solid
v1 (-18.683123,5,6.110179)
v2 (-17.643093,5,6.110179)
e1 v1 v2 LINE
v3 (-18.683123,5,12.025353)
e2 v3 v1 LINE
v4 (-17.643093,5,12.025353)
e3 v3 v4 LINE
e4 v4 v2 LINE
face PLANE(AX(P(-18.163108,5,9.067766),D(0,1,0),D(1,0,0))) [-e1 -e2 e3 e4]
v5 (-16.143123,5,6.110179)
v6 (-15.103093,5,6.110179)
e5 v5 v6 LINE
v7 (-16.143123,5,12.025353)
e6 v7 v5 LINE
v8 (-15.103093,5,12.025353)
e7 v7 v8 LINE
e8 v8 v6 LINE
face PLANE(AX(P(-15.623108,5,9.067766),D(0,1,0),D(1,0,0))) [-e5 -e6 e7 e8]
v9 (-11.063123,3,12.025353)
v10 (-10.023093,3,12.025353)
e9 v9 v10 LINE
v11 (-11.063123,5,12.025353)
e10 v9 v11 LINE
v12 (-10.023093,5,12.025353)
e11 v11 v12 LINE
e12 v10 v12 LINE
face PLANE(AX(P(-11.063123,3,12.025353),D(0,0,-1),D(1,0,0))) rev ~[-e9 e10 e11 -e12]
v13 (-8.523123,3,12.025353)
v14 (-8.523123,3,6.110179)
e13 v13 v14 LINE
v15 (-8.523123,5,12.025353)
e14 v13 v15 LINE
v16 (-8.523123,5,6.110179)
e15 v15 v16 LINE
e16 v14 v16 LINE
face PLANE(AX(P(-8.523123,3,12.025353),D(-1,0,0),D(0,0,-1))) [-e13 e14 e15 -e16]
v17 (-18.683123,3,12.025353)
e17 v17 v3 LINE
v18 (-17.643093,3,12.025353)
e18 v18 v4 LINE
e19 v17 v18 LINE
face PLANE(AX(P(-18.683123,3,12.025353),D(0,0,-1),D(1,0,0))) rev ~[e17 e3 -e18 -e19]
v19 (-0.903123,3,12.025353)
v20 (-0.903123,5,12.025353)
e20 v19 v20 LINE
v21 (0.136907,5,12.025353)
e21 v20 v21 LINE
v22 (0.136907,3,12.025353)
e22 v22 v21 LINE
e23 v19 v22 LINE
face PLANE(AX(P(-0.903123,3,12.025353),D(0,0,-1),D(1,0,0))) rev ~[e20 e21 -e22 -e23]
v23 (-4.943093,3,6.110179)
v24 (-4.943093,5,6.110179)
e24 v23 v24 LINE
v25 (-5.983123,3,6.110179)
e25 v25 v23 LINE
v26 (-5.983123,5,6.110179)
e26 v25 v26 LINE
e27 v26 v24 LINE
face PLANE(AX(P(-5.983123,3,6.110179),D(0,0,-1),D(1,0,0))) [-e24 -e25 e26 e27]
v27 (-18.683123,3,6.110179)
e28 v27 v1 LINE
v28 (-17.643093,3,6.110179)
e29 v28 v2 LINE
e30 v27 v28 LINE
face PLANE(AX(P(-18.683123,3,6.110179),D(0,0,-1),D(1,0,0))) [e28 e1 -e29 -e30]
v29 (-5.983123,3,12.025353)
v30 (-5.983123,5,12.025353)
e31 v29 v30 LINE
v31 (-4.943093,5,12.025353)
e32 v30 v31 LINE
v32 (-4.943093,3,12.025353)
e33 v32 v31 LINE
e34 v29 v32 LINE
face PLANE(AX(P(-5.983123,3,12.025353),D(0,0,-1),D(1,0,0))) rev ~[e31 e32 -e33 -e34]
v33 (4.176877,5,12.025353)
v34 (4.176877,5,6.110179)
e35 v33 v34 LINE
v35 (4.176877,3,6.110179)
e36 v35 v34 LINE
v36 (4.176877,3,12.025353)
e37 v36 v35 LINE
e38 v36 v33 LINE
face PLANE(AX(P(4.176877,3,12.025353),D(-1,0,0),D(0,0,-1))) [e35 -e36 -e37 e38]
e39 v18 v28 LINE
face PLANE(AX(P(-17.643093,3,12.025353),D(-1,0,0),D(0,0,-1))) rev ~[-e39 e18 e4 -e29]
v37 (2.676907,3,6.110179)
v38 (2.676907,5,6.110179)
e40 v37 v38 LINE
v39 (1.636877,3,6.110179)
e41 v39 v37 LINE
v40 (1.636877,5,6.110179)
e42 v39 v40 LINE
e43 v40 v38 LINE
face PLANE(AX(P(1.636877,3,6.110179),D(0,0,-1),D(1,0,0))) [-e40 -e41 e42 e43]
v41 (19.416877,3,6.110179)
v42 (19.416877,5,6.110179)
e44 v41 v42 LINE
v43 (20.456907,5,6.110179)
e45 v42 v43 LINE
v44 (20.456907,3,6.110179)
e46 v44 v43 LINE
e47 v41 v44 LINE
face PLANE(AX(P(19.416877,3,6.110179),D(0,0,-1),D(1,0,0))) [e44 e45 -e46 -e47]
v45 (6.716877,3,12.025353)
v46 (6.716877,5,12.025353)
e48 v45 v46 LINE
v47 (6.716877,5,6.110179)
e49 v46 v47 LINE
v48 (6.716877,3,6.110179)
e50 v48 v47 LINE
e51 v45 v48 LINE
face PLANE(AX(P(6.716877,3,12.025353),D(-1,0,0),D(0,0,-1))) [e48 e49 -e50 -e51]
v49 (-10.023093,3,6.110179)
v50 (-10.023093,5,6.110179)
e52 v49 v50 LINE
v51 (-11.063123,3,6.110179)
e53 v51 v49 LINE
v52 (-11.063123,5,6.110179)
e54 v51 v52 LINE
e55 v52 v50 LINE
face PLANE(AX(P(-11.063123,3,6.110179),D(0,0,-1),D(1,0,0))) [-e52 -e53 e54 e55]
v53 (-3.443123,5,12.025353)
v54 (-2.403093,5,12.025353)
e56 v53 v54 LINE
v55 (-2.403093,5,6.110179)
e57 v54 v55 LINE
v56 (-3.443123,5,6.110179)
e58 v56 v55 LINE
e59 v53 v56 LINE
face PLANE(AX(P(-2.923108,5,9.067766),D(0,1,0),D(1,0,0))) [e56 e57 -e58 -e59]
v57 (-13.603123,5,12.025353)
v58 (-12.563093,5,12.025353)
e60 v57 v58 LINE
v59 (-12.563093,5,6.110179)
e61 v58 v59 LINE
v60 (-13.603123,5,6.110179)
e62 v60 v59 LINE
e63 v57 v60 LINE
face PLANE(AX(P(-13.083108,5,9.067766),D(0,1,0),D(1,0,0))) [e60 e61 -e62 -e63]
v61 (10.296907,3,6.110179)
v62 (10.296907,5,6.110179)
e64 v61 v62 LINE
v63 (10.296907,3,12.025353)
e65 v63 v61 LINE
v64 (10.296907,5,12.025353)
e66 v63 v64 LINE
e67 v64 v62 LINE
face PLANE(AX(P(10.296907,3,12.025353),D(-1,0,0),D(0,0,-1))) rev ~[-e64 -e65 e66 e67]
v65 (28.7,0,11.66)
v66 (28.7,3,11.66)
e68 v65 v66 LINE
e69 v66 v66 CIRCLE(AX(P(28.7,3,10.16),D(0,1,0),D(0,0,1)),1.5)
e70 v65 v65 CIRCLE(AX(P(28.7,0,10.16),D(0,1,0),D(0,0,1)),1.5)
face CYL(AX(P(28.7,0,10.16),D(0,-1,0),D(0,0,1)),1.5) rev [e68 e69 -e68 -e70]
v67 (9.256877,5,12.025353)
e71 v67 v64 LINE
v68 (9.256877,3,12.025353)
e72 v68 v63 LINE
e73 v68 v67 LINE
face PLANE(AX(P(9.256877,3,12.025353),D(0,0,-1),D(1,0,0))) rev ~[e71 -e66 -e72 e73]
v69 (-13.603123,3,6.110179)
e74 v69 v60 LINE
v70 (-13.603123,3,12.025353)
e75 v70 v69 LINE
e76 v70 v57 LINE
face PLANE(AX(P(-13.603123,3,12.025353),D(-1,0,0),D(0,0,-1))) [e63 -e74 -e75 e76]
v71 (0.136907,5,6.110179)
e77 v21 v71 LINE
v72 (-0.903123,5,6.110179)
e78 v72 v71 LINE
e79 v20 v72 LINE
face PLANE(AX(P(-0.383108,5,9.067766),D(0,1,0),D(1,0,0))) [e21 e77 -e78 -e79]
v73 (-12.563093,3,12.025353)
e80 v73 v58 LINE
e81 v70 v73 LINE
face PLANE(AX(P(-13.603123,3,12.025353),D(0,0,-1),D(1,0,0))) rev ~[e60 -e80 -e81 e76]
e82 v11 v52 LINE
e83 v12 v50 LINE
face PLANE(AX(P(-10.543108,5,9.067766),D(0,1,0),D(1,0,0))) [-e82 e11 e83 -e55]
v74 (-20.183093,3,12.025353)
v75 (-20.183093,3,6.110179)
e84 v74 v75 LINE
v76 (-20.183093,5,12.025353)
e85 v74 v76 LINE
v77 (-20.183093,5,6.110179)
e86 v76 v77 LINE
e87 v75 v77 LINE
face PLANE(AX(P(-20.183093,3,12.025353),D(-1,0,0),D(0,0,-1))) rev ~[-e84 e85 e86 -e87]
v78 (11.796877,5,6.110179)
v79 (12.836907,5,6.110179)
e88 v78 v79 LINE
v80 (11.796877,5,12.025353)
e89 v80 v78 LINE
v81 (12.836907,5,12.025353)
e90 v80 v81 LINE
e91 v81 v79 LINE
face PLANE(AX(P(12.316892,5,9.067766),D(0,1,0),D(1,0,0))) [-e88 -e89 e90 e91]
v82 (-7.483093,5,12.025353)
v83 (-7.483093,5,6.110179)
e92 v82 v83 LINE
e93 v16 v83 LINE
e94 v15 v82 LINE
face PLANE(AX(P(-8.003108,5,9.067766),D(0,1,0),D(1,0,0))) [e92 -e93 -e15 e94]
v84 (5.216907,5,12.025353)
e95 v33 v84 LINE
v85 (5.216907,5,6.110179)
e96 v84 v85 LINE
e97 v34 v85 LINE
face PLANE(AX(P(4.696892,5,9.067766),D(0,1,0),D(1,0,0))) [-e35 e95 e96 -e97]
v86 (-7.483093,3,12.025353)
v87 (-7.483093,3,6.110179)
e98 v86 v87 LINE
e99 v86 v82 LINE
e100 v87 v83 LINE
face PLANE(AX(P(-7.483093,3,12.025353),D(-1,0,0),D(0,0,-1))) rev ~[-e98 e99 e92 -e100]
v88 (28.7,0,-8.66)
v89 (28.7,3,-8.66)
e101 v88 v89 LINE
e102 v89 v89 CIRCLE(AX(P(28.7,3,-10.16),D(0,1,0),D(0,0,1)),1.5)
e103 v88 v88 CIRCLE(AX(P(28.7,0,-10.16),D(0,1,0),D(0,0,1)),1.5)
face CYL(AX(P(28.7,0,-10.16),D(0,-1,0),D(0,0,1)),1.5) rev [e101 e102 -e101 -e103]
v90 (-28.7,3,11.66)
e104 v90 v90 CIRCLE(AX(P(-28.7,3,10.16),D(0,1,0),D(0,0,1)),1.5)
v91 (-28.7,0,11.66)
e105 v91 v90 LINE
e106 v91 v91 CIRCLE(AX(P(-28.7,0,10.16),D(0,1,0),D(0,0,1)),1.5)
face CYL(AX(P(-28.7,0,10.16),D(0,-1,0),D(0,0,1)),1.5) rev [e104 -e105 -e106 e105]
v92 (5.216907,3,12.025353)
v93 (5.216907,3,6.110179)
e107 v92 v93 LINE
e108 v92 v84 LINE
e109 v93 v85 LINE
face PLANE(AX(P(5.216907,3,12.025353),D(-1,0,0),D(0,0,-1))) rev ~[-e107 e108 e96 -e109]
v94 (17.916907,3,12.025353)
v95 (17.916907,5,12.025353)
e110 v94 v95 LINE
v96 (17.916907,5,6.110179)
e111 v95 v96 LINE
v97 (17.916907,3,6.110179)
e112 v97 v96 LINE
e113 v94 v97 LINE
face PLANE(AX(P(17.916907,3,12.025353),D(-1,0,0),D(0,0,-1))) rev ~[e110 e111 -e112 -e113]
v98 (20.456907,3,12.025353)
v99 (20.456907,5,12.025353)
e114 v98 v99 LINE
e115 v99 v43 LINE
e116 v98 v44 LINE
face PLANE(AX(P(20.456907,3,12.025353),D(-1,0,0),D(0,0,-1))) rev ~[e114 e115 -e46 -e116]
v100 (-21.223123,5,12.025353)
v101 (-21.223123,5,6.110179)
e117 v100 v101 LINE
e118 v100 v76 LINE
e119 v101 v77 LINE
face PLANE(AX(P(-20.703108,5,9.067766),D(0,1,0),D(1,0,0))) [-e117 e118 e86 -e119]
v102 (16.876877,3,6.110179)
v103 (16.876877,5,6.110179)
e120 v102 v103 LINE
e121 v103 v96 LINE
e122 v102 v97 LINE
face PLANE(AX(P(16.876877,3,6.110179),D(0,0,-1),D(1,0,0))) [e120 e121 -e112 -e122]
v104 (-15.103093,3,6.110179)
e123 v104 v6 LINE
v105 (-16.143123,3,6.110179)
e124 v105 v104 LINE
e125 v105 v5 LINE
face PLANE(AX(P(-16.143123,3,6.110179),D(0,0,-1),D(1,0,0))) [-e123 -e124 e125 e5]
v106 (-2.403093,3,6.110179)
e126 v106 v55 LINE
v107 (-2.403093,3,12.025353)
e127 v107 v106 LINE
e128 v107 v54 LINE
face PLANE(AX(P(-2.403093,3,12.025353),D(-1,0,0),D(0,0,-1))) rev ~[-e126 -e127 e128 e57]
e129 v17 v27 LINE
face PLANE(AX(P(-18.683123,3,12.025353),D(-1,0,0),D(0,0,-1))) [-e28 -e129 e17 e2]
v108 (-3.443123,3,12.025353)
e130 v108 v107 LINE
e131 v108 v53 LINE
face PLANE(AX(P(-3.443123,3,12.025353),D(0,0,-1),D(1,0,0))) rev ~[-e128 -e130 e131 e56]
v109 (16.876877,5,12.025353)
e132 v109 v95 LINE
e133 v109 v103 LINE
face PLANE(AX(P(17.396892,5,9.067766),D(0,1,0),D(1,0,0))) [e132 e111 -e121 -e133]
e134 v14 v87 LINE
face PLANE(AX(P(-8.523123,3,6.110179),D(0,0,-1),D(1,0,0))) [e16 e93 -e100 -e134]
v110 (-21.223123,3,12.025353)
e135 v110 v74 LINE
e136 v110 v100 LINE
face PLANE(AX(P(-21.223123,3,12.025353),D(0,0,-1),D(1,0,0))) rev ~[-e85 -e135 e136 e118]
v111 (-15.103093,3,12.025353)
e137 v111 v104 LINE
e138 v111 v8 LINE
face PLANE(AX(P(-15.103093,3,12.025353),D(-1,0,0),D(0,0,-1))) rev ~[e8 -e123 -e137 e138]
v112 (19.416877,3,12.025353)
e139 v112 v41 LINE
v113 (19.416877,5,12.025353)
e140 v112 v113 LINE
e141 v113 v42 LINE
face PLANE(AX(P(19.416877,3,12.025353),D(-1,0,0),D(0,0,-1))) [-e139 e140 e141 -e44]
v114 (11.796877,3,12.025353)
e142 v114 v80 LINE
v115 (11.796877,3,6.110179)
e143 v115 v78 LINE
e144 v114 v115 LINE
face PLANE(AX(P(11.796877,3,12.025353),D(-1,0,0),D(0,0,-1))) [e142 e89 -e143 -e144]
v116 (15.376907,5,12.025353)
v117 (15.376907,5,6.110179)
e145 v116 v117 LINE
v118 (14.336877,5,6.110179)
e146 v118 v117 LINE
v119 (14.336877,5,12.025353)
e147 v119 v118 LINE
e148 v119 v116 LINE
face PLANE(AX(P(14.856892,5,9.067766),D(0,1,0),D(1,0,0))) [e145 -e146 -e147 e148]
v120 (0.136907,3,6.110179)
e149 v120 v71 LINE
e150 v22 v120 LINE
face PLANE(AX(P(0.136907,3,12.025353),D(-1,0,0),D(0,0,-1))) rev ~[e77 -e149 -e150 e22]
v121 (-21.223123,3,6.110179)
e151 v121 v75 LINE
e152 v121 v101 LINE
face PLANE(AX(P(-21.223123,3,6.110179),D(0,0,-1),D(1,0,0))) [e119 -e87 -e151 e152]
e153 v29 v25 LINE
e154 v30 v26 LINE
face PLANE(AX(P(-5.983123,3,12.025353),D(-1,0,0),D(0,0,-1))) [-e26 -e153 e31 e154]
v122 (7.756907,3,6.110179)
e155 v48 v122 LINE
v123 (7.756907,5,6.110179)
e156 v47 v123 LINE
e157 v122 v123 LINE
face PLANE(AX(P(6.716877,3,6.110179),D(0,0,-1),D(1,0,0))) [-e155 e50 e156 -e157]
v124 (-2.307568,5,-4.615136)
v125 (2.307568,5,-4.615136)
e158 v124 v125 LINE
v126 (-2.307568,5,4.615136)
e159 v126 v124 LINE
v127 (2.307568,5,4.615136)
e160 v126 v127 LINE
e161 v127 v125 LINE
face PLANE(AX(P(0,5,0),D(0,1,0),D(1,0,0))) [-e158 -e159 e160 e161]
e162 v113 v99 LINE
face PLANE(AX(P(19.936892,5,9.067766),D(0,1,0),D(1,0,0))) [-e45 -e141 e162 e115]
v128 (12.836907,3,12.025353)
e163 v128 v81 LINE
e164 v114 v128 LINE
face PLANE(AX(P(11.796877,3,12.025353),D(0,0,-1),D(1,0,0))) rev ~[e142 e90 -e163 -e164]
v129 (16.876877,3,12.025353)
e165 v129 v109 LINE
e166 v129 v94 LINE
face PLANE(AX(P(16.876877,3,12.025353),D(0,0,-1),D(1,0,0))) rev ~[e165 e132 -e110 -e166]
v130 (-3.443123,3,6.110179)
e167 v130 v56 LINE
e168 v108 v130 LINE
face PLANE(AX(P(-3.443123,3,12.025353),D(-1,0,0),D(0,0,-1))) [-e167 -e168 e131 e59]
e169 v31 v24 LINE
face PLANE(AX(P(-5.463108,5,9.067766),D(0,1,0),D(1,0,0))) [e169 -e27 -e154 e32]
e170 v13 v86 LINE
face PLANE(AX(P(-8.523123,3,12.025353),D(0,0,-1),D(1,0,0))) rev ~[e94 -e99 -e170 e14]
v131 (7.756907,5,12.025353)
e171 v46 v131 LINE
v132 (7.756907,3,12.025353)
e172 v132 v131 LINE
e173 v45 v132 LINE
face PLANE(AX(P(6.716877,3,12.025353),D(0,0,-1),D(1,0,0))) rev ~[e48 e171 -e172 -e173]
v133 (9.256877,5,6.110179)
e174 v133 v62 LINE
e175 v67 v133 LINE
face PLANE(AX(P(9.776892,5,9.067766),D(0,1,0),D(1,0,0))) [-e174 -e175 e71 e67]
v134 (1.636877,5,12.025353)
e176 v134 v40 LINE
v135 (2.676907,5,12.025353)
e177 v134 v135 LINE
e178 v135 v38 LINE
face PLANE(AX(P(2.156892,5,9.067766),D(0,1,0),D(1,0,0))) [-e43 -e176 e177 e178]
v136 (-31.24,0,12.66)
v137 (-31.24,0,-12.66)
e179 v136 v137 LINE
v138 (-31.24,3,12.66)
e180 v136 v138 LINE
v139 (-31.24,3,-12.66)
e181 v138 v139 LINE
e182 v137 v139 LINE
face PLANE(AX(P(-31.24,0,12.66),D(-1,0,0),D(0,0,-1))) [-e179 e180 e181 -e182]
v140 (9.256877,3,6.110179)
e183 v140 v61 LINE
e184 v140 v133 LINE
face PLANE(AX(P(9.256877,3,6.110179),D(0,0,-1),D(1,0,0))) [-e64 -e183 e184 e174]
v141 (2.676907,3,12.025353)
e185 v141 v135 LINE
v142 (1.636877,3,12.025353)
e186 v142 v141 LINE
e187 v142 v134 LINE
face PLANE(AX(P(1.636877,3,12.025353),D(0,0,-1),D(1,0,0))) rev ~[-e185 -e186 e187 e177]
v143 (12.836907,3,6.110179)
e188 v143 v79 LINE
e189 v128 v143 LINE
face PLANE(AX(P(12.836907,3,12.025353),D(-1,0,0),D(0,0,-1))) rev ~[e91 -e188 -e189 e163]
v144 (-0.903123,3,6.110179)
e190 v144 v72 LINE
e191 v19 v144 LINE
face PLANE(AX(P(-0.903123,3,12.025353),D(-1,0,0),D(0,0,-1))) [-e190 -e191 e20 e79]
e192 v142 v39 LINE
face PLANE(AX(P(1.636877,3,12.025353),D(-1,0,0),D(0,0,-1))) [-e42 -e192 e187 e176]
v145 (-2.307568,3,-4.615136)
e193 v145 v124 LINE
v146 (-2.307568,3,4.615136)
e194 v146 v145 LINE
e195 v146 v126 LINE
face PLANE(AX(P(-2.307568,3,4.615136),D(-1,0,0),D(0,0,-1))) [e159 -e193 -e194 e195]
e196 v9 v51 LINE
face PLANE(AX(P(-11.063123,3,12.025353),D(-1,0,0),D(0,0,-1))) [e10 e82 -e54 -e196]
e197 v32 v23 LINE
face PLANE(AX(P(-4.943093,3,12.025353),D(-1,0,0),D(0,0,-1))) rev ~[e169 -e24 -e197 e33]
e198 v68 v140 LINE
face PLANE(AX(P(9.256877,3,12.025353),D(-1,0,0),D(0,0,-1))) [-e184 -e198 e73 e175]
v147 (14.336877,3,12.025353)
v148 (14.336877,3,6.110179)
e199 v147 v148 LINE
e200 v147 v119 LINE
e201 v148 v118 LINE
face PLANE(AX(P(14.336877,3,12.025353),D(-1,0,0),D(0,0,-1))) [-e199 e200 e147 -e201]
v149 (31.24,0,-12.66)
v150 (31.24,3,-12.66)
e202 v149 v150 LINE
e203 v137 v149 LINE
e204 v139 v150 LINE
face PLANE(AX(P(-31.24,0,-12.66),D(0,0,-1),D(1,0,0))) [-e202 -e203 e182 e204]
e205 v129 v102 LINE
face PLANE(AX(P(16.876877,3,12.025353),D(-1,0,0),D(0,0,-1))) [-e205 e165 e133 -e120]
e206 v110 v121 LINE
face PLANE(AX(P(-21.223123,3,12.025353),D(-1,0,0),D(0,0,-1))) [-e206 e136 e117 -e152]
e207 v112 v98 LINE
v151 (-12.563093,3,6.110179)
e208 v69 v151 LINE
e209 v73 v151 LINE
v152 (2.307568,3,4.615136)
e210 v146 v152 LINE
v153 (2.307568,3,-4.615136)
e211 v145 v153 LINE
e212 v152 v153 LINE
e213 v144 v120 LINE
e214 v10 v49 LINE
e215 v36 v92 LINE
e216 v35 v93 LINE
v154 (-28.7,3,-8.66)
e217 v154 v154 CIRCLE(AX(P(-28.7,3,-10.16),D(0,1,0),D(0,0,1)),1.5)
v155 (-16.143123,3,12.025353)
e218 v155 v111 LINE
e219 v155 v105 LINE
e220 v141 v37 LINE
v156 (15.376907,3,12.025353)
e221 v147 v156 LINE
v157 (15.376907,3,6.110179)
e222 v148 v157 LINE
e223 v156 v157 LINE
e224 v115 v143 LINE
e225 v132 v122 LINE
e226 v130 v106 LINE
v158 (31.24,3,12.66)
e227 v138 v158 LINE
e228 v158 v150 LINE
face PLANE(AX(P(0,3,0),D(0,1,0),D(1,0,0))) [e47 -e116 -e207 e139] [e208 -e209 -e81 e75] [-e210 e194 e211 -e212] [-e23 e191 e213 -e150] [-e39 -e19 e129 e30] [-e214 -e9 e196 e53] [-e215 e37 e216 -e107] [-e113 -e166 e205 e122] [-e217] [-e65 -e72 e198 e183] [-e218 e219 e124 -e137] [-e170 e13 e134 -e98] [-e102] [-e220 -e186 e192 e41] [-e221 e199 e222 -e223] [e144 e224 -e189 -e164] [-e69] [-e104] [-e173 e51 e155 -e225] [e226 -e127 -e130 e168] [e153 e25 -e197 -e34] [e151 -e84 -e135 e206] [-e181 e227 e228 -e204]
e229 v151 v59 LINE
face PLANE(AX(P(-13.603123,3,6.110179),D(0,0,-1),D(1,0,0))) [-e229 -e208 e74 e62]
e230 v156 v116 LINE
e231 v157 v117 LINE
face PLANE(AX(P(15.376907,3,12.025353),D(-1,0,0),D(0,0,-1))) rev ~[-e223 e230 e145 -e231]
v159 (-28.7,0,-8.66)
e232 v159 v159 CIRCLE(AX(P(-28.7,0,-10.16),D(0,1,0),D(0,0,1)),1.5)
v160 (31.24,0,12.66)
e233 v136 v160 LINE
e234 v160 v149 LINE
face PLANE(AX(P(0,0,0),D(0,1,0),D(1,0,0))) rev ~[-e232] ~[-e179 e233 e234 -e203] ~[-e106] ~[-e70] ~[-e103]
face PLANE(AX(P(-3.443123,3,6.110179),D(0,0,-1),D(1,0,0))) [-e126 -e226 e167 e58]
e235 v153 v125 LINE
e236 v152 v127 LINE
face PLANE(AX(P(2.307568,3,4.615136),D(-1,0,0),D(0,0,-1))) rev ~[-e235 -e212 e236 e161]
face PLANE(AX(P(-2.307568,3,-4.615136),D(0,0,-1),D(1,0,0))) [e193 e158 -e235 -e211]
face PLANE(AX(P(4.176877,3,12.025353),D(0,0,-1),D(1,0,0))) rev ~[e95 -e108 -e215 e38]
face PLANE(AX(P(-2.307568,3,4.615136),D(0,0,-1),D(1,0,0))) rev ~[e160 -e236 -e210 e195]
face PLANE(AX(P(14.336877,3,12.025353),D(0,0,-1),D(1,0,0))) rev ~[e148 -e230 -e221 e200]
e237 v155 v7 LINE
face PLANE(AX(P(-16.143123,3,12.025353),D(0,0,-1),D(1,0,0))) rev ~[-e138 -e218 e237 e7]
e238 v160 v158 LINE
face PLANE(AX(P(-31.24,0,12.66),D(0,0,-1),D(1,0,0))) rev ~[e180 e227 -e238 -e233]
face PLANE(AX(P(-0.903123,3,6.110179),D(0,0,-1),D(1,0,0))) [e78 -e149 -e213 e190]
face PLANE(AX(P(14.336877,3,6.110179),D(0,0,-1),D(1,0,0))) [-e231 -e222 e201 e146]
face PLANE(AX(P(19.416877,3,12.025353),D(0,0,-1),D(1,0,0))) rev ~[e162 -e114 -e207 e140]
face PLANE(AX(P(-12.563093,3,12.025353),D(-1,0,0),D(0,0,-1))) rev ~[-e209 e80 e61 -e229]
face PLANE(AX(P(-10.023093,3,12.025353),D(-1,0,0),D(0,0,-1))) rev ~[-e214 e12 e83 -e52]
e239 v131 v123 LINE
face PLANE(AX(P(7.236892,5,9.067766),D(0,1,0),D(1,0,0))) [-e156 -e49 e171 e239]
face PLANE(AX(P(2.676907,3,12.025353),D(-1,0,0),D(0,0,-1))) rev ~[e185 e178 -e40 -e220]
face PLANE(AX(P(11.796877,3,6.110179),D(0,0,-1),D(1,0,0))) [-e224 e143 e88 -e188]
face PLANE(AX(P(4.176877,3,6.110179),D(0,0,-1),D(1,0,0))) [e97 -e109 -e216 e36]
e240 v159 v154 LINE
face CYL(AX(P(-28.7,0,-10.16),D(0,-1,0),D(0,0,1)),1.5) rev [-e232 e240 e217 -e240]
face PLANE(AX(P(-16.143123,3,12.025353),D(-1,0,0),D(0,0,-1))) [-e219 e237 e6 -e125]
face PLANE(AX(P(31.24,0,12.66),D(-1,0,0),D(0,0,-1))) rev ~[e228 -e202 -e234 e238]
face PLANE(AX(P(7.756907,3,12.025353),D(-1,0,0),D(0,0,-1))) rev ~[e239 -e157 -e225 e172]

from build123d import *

# Parameters (mm, degrees)
SKETCH1_W           = 62.48
SKETCH1_H           = 25.32
SKETCH1_R           = 1.5
BOSS_EXTRUDE1_DEPTH = 3
SKETCH2_W           = 1.040030553
SKETCH2_H           = 5.915173771
SKETCH2_W_2         = 4.61513558
SKETCH2_H_2         = 9.230271158
BOSS_EXTRUDE2_DEPTH = 2


with BuildPart() as part:
    # Sketch1 → Boss-Extrude1 (new body)
    with BuildSketch(Plane(origin=(0, 0, 0), x_dir=(1, 0, 0), z_dir=(0, 1, 0))):
        Rectangle(SKETCH1_W, SKETCH1_H)
        with Locations(Location((28.7, 10.16, 0), (0, 0, 270))):
            Circle(SKETCH1_R, mode=Mode.SUBTRACT)
        with Locations(Location((28.7, -10.16, 0), (0, 0, 270))):
            Circle(SKETCH1_R, mode=Mode.SUBTRACT)
        with Locations(Location((-28.7, 10.16, 0), (0, 0, 270))):
            Circle(SKETCH1_R, mode=Mode.SUBTRACT)
        with Locations(Location((-28.7, -10.16, 0), (0, 0, 270))):
            Circle(SKETCH1_R, mode=Mode.SUBTRACT)
    extrude(amount=BOSS_EXTRUDE1_DEPTH)

    # Sketch2 → Boss-Extrude2 (add)
    with BuildSketch(Plane(origin=(0, 3, 0), x_dir=(1, 0, 0), z_dir=(0, 1, 0))):
        with Locations((-18.163108198, -9.067766385)):
            Rectangle(SKETCH2_W, SKETCH2_H)
        Rectangle(SKETCH2_W_2, SKETCH2_H_2)
        with Locations((-20.703108198, -9.067766385)):
            Rectangle(SKETCH2_W, SKETCH2_H)
        with Locations((-15.623108198, -9.067766385)):
            Rectangle(SKETCH2_W, SKETCH2_H)
        with Locations((-13.083108197, -9.067766385)):
            Rectangle(SKETCH2_W, SKETCH2_H)
        with Locations((-10.543108198, -9.067766385)):
            Rectangle(SKETCH2_W, SKETCH2_H)
        with Locations((-8.003108198, -9.067766385)):
            Rectangle(SKETCH2_W, SKETCH2_H)
        with Locations((-5.463108198, -9.067766385)):
            Rectangle(SKETCH2_W, SKETCH2_H)
        with Locations((-2.923108198, -9.067766385)):
            Rectangle(SKETCH2_W, SKETCH2_H)
        with Locations((-0.383108198, -9.067766385)):
            Rectangle(SKETCH2_W, SKETCH2_H)
        with Locations((2.156891803, -9.067766385)):
            Rectangle(SKETCH2_W, SKETCH2_H)
        with Locations((4.696891802, -9.067766385)):
            Rectangle(SKETCH2_W, SKETCH2_H)
        with Locations((7.236891803, -9.067766385)):
            Rectangle(SKETCH2_W, SKETCH2_H)
        with Locations((9.776891802, -9.067766385)):
            Rectangle(SKETCH2_W, SKETCH2_H)
        with Locations((12.316891803, -9.067766385)):
            Rectangle(SKETCH2_W, SKETCH2_H)
        with Locations((14.856891803, -9.067766385)):
            Rectangle(SKETCH2_W, SKETCH2_H)
        with Locations((17.396891803, -9.067766385)):
            Rectangle(SKETCH2_W, SKETCH2_H)
        with Locations((19.936891802, -9.067766385)):
            Rectangle(SKETCH2_W, SKETCH2_H)
    extrude(amount=BOSS_EXTRUDE2_DEPTH)


solid = part.part
